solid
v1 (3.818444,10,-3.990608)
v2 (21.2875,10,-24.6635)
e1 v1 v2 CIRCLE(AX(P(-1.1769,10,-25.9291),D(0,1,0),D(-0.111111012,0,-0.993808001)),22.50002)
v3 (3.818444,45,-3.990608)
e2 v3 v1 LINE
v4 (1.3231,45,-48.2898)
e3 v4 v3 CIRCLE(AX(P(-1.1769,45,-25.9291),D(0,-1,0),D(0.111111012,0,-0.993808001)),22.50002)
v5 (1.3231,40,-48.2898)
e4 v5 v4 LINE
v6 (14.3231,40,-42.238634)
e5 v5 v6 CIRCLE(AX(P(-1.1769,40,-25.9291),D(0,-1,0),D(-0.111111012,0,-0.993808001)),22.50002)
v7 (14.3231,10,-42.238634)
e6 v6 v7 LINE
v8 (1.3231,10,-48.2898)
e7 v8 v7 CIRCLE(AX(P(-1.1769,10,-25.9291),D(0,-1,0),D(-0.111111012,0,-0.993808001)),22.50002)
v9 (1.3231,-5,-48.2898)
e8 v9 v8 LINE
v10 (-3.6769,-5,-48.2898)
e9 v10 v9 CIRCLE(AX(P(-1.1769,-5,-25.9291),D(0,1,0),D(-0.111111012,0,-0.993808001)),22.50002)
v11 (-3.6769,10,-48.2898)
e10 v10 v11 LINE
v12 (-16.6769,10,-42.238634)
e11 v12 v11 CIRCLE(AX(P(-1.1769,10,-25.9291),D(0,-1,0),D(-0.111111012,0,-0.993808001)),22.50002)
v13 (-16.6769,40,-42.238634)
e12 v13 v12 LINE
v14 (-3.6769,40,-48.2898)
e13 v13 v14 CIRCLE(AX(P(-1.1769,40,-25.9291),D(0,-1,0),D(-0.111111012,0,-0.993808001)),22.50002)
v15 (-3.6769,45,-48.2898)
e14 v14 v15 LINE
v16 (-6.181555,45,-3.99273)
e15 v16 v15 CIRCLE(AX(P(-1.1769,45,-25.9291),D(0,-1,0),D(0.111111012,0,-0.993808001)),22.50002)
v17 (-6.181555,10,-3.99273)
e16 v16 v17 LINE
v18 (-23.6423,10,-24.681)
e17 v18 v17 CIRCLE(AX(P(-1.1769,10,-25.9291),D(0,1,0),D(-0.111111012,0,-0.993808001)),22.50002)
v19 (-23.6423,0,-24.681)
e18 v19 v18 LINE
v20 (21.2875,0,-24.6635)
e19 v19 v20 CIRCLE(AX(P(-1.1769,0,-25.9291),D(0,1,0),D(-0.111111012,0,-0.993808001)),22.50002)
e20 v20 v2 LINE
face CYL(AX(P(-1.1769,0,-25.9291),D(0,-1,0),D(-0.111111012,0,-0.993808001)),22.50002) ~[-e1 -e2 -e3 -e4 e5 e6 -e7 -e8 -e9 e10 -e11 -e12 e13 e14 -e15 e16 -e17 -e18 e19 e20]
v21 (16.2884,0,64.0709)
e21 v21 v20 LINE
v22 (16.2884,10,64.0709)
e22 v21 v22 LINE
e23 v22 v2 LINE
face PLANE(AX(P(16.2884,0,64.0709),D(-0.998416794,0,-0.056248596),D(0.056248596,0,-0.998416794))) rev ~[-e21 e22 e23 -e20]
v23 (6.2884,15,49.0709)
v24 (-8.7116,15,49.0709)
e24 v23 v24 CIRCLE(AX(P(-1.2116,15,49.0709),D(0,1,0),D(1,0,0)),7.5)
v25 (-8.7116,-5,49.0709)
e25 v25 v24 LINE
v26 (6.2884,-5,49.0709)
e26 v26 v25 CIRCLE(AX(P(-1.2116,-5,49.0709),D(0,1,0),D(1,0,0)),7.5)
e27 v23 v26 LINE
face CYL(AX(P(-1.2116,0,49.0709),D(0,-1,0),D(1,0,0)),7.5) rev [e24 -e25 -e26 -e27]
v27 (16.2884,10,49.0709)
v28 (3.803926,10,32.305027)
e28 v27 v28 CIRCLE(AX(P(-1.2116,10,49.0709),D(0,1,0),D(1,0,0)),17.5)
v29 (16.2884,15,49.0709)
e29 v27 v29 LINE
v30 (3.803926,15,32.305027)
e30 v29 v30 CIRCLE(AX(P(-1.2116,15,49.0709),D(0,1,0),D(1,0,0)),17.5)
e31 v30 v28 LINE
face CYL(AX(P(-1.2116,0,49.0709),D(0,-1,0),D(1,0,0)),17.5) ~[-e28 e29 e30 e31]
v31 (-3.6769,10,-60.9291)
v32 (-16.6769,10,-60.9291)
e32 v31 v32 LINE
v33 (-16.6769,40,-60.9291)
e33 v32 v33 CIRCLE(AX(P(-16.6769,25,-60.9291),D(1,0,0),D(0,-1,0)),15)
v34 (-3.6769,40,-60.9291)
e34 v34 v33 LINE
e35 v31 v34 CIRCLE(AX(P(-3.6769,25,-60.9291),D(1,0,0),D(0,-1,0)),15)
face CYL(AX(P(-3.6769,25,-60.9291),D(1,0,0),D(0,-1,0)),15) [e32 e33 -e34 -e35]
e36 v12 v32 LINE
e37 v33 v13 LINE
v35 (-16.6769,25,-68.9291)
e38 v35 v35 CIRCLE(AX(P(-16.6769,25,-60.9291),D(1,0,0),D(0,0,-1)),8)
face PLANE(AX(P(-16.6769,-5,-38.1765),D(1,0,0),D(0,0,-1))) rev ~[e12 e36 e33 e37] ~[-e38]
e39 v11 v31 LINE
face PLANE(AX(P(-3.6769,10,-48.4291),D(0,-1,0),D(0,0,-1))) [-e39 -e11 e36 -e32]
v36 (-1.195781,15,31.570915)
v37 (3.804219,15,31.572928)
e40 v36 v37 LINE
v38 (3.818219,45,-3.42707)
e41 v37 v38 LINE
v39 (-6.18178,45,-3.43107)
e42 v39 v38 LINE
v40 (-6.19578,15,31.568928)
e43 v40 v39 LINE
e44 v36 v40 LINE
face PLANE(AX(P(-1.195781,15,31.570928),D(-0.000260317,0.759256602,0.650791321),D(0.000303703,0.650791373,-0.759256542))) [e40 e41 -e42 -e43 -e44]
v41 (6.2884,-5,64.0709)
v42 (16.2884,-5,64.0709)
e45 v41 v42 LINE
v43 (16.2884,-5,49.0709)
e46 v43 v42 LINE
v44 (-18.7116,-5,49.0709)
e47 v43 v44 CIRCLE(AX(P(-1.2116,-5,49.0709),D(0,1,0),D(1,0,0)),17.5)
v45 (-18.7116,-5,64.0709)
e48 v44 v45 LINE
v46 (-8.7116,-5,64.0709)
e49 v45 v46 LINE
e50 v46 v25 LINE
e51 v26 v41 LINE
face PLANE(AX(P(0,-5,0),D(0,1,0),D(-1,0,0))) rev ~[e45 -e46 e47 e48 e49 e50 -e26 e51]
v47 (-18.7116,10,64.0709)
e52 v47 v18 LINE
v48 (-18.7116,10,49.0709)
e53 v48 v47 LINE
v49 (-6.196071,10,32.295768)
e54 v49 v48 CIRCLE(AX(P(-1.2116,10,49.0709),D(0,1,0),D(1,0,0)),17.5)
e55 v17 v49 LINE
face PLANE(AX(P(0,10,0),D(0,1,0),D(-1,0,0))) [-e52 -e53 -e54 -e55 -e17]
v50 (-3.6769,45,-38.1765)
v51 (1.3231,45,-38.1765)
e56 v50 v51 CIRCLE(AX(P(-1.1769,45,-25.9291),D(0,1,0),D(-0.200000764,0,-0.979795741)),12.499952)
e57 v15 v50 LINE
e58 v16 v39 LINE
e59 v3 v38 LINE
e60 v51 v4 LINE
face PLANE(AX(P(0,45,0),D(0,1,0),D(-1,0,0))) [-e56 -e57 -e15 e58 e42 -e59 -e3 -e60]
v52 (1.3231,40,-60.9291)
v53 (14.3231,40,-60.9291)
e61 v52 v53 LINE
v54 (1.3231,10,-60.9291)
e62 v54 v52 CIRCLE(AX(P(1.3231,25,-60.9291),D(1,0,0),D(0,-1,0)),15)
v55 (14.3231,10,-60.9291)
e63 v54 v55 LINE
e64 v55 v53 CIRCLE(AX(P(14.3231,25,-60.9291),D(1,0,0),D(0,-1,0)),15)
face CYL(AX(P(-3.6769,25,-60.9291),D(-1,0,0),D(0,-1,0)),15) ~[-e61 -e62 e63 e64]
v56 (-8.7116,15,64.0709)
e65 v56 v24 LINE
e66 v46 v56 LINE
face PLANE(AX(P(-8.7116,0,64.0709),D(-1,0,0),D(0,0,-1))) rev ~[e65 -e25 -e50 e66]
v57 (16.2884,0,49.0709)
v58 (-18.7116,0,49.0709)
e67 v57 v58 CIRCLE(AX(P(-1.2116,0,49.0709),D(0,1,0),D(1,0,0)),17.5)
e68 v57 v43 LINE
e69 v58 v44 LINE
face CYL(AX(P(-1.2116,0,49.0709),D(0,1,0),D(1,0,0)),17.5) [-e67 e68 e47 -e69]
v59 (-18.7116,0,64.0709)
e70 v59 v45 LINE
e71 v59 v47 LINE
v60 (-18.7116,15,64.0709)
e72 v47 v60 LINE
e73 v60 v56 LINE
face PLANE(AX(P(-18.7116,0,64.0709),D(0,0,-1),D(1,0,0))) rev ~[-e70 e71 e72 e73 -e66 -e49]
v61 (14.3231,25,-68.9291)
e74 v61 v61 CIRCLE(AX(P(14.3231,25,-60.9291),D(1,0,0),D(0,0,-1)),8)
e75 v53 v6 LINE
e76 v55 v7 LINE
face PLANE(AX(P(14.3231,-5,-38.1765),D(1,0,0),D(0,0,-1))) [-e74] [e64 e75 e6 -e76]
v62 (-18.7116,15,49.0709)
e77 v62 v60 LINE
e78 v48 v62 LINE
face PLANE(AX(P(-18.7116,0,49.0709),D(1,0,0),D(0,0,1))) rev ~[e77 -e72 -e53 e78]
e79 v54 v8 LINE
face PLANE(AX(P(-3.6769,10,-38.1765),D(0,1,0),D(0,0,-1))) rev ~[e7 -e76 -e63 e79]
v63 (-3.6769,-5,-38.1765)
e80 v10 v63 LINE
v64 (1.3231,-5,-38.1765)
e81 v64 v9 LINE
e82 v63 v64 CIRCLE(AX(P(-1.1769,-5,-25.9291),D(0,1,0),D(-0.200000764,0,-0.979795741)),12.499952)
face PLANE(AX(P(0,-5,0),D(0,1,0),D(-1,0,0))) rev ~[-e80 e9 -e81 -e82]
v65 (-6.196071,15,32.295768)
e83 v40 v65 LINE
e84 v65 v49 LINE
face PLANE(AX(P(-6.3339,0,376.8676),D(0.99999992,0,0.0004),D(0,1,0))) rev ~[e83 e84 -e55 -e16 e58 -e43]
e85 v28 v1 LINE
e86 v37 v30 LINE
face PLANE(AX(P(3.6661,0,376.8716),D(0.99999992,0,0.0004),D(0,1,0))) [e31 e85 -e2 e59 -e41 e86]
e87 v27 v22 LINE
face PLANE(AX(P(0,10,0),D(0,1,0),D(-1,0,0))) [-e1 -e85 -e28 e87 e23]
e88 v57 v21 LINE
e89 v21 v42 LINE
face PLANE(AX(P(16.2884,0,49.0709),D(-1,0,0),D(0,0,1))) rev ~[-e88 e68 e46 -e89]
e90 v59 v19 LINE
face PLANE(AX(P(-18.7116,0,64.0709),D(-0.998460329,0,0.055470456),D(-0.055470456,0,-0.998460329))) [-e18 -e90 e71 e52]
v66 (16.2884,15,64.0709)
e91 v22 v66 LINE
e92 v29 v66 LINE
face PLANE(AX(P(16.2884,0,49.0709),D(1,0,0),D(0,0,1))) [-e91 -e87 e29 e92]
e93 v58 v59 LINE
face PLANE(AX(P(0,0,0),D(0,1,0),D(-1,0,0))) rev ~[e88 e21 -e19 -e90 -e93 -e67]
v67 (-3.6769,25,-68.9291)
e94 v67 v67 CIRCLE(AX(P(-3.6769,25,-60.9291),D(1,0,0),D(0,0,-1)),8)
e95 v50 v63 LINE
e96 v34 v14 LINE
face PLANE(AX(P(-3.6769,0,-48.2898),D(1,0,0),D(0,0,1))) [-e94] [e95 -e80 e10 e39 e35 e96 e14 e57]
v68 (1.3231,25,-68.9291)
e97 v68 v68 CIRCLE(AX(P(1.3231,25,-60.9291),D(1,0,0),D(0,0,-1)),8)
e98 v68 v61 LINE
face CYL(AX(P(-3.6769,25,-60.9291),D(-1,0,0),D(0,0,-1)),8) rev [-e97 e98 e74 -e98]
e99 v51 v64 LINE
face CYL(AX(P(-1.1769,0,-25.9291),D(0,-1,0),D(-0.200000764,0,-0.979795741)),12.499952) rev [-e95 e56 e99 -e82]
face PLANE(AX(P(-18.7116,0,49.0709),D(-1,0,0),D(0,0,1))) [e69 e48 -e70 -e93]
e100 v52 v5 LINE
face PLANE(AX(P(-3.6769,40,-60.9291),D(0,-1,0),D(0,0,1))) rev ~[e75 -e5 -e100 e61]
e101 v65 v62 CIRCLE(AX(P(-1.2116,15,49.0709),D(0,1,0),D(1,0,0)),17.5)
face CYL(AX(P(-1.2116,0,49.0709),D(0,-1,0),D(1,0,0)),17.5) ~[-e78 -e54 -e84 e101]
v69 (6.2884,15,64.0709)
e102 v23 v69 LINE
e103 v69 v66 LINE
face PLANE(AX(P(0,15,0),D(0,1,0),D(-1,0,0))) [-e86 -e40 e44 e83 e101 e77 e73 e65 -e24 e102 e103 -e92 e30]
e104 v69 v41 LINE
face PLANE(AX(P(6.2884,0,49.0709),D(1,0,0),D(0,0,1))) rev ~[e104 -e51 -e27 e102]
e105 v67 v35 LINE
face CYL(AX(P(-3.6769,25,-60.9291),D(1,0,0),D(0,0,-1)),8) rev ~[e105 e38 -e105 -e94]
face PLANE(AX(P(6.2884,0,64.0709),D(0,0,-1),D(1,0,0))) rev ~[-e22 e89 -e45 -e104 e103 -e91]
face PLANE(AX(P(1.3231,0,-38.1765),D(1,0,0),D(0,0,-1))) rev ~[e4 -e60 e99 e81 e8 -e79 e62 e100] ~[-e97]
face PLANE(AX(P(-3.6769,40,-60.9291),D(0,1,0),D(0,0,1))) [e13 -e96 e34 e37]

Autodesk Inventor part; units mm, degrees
ref_plane "YZ Plane" through (0, 0, 0) normal (1, 0, 0) x (0, 1, 0)
ref_plane "XZ Plane" through (0, 0, 0) normal (0, 1, 0) x (-1, 0, 0)
ref_plane "XY Plane" through (0, 0, 0) normal (0, 0, 1) x (1, 0, 0)
sketch "Náčrt3" plane through (0, 0, 0) normal (0, 1, 0) x (-1, 0, 0)
  line L0 (18.7116, 64.0709) -> (8.7116, 64.0709)
  line L1 (8.7116, 64.0709) -> (8.7116, 49.0709)
  arc A0 (-6.2884, 49.0709) -> (8.7116, 49.0709) centre (1.2116, 49.0709) ccw
  line L2 (-6.2884, 49.0709) -> (-6.2884, 64.0709)
  line L3 (-6.2884, 64.0709) -> (-16.2884, 64.0709)
  arc A1 (3.6769, -38.1765) -> (-1.3231, -38.1765) centre (1.1769, -25.9291) ccw
  arc A2 (3.6769, -48.2898) -> (-1.3231, -48.2898) centre (1.1769, -25.9291) ccw
  line L4 (18.7116, 64.0709) -> (23.6423, -24.681)
  line L5 (-16.2884, 64.0709) -> (-21.2875, -24.6635)
  arc A3 (-16.2884, 49.0709) -> (18.7116, 49.0709) centre (1.2116, 49.0709) ccw
  line L6 (18.7116, 49.0709) -> (18.7116, 64.0709)
  line L7 (-16.2884, 49.0709) -> (-16.2884, 64.0709)
  line L8 (-1.3231, -38.1765) -> (-1.3231, -48.2898)
  line L9 (3.6769, -48.2898) -> (3.6769, -38.1765)
  point P0 (0, 0)
  dimension "d0" = 10
  dimension "d1" = 10
  dimension "d2" = 15
  dimension "d3" = 15
  dimension "d4" = 7.5
  dimension "d5" = 25
  dimension "d6" = 45
  dimension "d7" = 75
  dimension "d11" = 3.18
  dimension "d12" = 22.2368
  dimension "d13" = 18.7116
  dimension "d16" = 15.0347
  dimension "d17" = 20.0347
extrude "Vysunutí1" add sketch "Náčrt3" against normal blind 5 contours L6 A3 L7 L3 L2 A0 L1 L0 | A2 L9 A1 L8
extrude "Vysunutí2" add sketch "Náčrt3" along normal blind 10 contours L4 A2 L5 L7 A3 L6
extrude "Vysunutí3" add sketch "Náčrt3" along normal blind 15 contours L6 A3 L7 L3 L2 A0 L1 L0
extrude "Vysunutí4" add sketch "Náčrt3" along normal blind 45 contours A2 L9 A1 L8
ref_plane "Pracovní rovina1" through (-1.3339, 0, 376.8696) normal (1, 0, 0.0004) x (0, 1, 0)
sketch "Náčrt4" plane through (-1.3339, 0, 376.8696) normal (1, 0, 0.0004) x (0, 1, 0)
  line L0 (45, -425.1604) -> (45, -380.2987) projected
  line L1 (15, -345.2987) -> (45, -380.2987)
  line L2 (45, -380.2987) -> (45, -385.2987)
  line L3 (45, -385.2987) -> (10, -385.2987)
  line L4 (10, -401.5419) -> (10, -312.7919) projected
  line L5 (15, -345.2987) -> (15, -327.7919) projected
  line L6 (10, -345.2987) -> (10, -385.2987)
  line L7 (15, -345.2987) -> (15, -343.2987)
  line L8 (15, -343.2987) -> (10, -343.2987)
  line L9 (10, -327.7919) -> (10, -345.2987) projected
  line L10 (15, -343.2987) -> (10, -343.2987)
  line L11 (10, -345.2987) -> (10, -343.2987)
  point P0 (0, -376.8701)
  point P1 (45, -425.1584)
  point P2 (15, -327.8055)
  point P3 (10, -327.8055)
  dimension "d26" = 5
  dimension "d28" = 42
extrude "Vysunutí5" add sketch "Náčrt4" along normal blind 5
extrude "Vysunutí6" add sketch "Náčrt4" against normal blind 5
sketch "Náčrt7" plane through (-3.6769, -5, -38.1765) normal (1, 0, 0) x (0, 0, -1)
  line L0 (0, 15) -> (10.2526, 15)
  line L1 (10.2526, 15) -> (22.7526, 15)
  line L2 (22.7526, 45) -> (0, 45)
  line L3 (0, 45) -> (0, 15)
  arc A0 (22.7526, 15) -> (22.7526, 45) centre (22.7526, 30) ccw
  circle A1 centre (22.7526, 30) radius 8
  point P0 (-38.1765, 5)
  dimension "d45" = 12.5
  dimension "d46" = 30
  dimension "d47" = 16
  dimension "d48" = 10
  dimension "d49" = 38.1765
  dimension "d50" = 22.7525
extrude "Vysunutí7" add sketch "Náčrt7" along normal blind 18
extrude "Vysunutí8" cut sketch "Náčrt7" along normal blind 5
extrude "Vysunutí9" add sketch "Náčrt7" against normal blind 13
properties part number "2"
